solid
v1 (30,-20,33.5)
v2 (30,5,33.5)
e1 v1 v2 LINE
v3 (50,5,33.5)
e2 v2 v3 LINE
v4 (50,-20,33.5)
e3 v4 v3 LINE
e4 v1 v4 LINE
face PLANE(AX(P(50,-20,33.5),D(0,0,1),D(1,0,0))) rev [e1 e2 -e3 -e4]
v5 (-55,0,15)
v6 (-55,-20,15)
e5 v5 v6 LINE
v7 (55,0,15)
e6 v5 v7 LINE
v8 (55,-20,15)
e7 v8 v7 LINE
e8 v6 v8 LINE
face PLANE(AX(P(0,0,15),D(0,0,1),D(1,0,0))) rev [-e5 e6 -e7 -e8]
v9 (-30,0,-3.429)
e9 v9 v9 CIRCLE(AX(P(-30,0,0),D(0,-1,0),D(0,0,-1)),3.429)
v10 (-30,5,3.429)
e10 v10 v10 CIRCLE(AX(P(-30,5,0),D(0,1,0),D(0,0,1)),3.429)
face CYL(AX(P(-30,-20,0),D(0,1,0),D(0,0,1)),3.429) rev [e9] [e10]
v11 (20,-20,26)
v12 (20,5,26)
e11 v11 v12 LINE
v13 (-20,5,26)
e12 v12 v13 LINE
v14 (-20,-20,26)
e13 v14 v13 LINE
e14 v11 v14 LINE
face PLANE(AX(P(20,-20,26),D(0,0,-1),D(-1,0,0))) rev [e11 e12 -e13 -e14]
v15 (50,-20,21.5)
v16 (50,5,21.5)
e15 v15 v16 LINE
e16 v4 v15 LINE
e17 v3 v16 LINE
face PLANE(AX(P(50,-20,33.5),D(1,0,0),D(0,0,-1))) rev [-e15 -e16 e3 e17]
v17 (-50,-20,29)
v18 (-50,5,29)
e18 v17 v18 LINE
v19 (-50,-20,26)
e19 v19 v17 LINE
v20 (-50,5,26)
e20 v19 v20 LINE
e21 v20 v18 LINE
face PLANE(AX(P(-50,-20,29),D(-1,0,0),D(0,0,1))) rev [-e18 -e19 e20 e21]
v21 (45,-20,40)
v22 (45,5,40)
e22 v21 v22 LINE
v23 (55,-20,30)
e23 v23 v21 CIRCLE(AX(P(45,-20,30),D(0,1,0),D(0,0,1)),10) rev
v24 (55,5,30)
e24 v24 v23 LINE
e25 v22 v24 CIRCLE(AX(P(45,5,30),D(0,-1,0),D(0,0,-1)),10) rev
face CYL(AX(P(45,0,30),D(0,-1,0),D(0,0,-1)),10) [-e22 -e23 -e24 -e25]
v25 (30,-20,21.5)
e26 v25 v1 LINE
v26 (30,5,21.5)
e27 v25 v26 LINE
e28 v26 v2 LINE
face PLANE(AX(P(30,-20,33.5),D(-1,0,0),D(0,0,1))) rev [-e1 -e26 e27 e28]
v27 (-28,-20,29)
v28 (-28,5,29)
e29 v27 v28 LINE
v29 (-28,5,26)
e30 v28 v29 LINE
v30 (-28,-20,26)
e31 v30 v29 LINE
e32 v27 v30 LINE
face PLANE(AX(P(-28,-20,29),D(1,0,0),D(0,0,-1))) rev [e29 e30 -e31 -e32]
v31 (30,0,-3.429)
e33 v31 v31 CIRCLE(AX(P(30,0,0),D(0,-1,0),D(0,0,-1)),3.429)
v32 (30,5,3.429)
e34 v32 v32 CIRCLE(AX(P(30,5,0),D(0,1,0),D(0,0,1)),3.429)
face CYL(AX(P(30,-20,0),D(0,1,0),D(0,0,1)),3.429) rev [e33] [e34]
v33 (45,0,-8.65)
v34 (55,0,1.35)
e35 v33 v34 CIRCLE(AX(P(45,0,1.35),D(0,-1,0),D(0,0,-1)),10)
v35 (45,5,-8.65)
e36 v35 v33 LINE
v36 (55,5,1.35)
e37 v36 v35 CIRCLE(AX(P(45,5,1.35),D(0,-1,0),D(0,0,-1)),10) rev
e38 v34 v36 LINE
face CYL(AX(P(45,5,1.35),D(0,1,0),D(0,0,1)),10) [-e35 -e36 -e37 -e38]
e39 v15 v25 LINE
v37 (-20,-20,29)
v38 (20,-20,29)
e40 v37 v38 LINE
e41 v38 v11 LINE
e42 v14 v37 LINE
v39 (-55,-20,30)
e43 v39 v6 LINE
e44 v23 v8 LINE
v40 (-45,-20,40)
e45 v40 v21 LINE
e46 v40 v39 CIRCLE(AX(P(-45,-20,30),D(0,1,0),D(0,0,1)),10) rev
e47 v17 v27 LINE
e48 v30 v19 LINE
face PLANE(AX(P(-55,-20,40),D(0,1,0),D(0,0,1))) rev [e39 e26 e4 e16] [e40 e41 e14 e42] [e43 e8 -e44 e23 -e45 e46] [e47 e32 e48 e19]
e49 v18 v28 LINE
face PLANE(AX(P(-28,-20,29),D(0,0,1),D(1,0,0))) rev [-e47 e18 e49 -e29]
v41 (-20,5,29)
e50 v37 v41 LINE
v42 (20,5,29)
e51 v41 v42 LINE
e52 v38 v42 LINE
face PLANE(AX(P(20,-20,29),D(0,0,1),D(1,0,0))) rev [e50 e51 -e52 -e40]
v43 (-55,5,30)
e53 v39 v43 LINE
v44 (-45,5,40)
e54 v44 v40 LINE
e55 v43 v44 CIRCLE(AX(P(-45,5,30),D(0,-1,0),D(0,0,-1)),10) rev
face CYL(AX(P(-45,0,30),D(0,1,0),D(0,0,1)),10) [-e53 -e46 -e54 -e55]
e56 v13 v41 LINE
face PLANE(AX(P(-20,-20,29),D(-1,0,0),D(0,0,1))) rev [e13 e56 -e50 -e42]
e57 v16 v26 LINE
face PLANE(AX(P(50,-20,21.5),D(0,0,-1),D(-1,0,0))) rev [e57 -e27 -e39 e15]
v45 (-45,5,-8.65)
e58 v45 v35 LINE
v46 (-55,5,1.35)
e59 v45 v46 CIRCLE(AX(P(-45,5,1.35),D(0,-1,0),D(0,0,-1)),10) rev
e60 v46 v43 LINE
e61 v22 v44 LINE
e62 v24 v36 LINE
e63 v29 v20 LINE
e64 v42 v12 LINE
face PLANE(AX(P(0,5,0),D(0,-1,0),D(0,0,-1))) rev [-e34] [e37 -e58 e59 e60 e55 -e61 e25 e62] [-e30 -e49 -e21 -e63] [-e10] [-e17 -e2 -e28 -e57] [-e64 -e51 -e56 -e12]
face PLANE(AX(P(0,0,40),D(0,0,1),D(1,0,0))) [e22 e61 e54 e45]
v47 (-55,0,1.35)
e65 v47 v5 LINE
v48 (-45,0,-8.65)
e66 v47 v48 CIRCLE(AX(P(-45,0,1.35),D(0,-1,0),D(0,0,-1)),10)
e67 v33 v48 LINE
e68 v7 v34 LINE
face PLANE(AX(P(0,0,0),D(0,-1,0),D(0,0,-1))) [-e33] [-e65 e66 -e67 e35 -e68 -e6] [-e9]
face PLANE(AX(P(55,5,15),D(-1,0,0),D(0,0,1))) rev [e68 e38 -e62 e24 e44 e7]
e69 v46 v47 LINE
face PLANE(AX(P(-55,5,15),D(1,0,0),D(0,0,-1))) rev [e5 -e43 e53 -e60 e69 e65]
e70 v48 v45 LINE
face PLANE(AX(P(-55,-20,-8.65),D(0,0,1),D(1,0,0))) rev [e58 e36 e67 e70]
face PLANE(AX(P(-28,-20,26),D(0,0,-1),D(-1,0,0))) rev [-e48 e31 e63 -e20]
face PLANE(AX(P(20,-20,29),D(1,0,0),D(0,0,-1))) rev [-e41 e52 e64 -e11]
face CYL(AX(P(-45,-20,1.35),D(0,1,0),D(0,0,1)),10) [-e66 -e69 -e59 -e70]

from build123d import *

# Parameters (mm, degrees)
SKETCH1_W           = 110
SKETCH1_H           = 30
BOSS_EXTRUDE1_DEPTH = 5
SKETCH2_W           = 110
SKETCH2_H           = 25
BOSS_EXTRUDE2_DEPTH = 25
SKETCH6_R           = 3.429
CUT_EXTRUDE4_DEPTH  = 73.456883731
SKETCH7_W           = 40
SKETCH7_H           = 3
SKETCH7_W_2         = 20
SKETCH7_H_2         = 12
SKETCH7_W_3         = 22
CUT_EXTRUDE5_DEPTH  = 73.456883731
SKETCH8_W           = 110
SKETCH8_H           = 6.35
CUT_EXTRUDE6_DEPTH  = 73.456883731
FILLET1_R           = 10


with BuildPart() as part:
    # Sketch1 → Boss-Extrude1 (new body)
    with BuildSketch(Plane(origin=(0, 0, 0), x_dir=(1, 0, 0), z_dir=(0, 1, 0))):
        Rectangle(SKETCH1_W, SKETCH1_H)
    extrude(amount=BOSS_EXTRUDE1_DEPTH)

    # Sketch2 → Boss-Extrude2 (add)
    with BuildSketch(Plane.XY.offset(15)):
        with Locations((0, -7.5)):
            Rectangle(SKETCH2_W, SKETCH2_H)
    extrude(amount=BOSS_EXTRUDE2_DEPTH)

    # Sketch6 → Cut-Extrude4 (cut, through all)
    with BuildSketch(Plane(origin=(0, 5, 0), x_dir=(1, 0, 0), z_dir=(0, 1, 0))):
        with Locations(Location((-30, 0, 0), (0, 0, 270))):
            Circle(SKETCH6_R)
        with Locations(Location((30, 0, 0), (0, 0, 270))):
            Circle(SKETCH6_R)
    extrude(amount=-CUT_EXTRUDE4_DEPTH, mode=Mode.SUBTRACT)

    # Sketch7 → Cut-Extrude5 (cut, through all)
    with BuildSketch(Plane(origin=(0, 5, 0), x_dir=(1, 0, 0), z_dir=(0, 1, 0))):
        with Locations((0, -27.5)):
            Rectangle(SKETCH7_W, SKETCH7_H)
        with Locations((40, -27.5)):
            Rectangle(SKETCH7_W_2, SKETCH7_H_2)
        with Locations((-39, -27.5)):
            Rectangle(SKETCH7_W_3, SKETCH7_H)
    extrude(amount=-CUT_EXTRUDE5_DEPTH, mode=Mode.SUBTRACT)

    # Sketch8 → Cut-Extrude6 (cut, through all)
    with BuildSketch(Plane(origin=(0, 5, 0), x_dir=(1, 0, 0), z_dir=(0, 1, 0))):
        with Locations((0, 11.825)):
            Rectangle(SKETCH8_W, SKETCH8_H)
    extrude(amount=-CUT_EXTRUDE6_DEPTH, mode=Mode.SUBTRACT)

    # Fillet1
    fillet1_edges = [part.edges().sort_by_distance(p)[0] for p in [
        (-55, -7.5, 40),
        (55, -7.5, 40),
        (-55, 2.5, -8.65),
        (55, 2.5, -8.65),
    ]]
    fillet(fillet1_edges, radius=FILLET1_R)


solid = part.part
